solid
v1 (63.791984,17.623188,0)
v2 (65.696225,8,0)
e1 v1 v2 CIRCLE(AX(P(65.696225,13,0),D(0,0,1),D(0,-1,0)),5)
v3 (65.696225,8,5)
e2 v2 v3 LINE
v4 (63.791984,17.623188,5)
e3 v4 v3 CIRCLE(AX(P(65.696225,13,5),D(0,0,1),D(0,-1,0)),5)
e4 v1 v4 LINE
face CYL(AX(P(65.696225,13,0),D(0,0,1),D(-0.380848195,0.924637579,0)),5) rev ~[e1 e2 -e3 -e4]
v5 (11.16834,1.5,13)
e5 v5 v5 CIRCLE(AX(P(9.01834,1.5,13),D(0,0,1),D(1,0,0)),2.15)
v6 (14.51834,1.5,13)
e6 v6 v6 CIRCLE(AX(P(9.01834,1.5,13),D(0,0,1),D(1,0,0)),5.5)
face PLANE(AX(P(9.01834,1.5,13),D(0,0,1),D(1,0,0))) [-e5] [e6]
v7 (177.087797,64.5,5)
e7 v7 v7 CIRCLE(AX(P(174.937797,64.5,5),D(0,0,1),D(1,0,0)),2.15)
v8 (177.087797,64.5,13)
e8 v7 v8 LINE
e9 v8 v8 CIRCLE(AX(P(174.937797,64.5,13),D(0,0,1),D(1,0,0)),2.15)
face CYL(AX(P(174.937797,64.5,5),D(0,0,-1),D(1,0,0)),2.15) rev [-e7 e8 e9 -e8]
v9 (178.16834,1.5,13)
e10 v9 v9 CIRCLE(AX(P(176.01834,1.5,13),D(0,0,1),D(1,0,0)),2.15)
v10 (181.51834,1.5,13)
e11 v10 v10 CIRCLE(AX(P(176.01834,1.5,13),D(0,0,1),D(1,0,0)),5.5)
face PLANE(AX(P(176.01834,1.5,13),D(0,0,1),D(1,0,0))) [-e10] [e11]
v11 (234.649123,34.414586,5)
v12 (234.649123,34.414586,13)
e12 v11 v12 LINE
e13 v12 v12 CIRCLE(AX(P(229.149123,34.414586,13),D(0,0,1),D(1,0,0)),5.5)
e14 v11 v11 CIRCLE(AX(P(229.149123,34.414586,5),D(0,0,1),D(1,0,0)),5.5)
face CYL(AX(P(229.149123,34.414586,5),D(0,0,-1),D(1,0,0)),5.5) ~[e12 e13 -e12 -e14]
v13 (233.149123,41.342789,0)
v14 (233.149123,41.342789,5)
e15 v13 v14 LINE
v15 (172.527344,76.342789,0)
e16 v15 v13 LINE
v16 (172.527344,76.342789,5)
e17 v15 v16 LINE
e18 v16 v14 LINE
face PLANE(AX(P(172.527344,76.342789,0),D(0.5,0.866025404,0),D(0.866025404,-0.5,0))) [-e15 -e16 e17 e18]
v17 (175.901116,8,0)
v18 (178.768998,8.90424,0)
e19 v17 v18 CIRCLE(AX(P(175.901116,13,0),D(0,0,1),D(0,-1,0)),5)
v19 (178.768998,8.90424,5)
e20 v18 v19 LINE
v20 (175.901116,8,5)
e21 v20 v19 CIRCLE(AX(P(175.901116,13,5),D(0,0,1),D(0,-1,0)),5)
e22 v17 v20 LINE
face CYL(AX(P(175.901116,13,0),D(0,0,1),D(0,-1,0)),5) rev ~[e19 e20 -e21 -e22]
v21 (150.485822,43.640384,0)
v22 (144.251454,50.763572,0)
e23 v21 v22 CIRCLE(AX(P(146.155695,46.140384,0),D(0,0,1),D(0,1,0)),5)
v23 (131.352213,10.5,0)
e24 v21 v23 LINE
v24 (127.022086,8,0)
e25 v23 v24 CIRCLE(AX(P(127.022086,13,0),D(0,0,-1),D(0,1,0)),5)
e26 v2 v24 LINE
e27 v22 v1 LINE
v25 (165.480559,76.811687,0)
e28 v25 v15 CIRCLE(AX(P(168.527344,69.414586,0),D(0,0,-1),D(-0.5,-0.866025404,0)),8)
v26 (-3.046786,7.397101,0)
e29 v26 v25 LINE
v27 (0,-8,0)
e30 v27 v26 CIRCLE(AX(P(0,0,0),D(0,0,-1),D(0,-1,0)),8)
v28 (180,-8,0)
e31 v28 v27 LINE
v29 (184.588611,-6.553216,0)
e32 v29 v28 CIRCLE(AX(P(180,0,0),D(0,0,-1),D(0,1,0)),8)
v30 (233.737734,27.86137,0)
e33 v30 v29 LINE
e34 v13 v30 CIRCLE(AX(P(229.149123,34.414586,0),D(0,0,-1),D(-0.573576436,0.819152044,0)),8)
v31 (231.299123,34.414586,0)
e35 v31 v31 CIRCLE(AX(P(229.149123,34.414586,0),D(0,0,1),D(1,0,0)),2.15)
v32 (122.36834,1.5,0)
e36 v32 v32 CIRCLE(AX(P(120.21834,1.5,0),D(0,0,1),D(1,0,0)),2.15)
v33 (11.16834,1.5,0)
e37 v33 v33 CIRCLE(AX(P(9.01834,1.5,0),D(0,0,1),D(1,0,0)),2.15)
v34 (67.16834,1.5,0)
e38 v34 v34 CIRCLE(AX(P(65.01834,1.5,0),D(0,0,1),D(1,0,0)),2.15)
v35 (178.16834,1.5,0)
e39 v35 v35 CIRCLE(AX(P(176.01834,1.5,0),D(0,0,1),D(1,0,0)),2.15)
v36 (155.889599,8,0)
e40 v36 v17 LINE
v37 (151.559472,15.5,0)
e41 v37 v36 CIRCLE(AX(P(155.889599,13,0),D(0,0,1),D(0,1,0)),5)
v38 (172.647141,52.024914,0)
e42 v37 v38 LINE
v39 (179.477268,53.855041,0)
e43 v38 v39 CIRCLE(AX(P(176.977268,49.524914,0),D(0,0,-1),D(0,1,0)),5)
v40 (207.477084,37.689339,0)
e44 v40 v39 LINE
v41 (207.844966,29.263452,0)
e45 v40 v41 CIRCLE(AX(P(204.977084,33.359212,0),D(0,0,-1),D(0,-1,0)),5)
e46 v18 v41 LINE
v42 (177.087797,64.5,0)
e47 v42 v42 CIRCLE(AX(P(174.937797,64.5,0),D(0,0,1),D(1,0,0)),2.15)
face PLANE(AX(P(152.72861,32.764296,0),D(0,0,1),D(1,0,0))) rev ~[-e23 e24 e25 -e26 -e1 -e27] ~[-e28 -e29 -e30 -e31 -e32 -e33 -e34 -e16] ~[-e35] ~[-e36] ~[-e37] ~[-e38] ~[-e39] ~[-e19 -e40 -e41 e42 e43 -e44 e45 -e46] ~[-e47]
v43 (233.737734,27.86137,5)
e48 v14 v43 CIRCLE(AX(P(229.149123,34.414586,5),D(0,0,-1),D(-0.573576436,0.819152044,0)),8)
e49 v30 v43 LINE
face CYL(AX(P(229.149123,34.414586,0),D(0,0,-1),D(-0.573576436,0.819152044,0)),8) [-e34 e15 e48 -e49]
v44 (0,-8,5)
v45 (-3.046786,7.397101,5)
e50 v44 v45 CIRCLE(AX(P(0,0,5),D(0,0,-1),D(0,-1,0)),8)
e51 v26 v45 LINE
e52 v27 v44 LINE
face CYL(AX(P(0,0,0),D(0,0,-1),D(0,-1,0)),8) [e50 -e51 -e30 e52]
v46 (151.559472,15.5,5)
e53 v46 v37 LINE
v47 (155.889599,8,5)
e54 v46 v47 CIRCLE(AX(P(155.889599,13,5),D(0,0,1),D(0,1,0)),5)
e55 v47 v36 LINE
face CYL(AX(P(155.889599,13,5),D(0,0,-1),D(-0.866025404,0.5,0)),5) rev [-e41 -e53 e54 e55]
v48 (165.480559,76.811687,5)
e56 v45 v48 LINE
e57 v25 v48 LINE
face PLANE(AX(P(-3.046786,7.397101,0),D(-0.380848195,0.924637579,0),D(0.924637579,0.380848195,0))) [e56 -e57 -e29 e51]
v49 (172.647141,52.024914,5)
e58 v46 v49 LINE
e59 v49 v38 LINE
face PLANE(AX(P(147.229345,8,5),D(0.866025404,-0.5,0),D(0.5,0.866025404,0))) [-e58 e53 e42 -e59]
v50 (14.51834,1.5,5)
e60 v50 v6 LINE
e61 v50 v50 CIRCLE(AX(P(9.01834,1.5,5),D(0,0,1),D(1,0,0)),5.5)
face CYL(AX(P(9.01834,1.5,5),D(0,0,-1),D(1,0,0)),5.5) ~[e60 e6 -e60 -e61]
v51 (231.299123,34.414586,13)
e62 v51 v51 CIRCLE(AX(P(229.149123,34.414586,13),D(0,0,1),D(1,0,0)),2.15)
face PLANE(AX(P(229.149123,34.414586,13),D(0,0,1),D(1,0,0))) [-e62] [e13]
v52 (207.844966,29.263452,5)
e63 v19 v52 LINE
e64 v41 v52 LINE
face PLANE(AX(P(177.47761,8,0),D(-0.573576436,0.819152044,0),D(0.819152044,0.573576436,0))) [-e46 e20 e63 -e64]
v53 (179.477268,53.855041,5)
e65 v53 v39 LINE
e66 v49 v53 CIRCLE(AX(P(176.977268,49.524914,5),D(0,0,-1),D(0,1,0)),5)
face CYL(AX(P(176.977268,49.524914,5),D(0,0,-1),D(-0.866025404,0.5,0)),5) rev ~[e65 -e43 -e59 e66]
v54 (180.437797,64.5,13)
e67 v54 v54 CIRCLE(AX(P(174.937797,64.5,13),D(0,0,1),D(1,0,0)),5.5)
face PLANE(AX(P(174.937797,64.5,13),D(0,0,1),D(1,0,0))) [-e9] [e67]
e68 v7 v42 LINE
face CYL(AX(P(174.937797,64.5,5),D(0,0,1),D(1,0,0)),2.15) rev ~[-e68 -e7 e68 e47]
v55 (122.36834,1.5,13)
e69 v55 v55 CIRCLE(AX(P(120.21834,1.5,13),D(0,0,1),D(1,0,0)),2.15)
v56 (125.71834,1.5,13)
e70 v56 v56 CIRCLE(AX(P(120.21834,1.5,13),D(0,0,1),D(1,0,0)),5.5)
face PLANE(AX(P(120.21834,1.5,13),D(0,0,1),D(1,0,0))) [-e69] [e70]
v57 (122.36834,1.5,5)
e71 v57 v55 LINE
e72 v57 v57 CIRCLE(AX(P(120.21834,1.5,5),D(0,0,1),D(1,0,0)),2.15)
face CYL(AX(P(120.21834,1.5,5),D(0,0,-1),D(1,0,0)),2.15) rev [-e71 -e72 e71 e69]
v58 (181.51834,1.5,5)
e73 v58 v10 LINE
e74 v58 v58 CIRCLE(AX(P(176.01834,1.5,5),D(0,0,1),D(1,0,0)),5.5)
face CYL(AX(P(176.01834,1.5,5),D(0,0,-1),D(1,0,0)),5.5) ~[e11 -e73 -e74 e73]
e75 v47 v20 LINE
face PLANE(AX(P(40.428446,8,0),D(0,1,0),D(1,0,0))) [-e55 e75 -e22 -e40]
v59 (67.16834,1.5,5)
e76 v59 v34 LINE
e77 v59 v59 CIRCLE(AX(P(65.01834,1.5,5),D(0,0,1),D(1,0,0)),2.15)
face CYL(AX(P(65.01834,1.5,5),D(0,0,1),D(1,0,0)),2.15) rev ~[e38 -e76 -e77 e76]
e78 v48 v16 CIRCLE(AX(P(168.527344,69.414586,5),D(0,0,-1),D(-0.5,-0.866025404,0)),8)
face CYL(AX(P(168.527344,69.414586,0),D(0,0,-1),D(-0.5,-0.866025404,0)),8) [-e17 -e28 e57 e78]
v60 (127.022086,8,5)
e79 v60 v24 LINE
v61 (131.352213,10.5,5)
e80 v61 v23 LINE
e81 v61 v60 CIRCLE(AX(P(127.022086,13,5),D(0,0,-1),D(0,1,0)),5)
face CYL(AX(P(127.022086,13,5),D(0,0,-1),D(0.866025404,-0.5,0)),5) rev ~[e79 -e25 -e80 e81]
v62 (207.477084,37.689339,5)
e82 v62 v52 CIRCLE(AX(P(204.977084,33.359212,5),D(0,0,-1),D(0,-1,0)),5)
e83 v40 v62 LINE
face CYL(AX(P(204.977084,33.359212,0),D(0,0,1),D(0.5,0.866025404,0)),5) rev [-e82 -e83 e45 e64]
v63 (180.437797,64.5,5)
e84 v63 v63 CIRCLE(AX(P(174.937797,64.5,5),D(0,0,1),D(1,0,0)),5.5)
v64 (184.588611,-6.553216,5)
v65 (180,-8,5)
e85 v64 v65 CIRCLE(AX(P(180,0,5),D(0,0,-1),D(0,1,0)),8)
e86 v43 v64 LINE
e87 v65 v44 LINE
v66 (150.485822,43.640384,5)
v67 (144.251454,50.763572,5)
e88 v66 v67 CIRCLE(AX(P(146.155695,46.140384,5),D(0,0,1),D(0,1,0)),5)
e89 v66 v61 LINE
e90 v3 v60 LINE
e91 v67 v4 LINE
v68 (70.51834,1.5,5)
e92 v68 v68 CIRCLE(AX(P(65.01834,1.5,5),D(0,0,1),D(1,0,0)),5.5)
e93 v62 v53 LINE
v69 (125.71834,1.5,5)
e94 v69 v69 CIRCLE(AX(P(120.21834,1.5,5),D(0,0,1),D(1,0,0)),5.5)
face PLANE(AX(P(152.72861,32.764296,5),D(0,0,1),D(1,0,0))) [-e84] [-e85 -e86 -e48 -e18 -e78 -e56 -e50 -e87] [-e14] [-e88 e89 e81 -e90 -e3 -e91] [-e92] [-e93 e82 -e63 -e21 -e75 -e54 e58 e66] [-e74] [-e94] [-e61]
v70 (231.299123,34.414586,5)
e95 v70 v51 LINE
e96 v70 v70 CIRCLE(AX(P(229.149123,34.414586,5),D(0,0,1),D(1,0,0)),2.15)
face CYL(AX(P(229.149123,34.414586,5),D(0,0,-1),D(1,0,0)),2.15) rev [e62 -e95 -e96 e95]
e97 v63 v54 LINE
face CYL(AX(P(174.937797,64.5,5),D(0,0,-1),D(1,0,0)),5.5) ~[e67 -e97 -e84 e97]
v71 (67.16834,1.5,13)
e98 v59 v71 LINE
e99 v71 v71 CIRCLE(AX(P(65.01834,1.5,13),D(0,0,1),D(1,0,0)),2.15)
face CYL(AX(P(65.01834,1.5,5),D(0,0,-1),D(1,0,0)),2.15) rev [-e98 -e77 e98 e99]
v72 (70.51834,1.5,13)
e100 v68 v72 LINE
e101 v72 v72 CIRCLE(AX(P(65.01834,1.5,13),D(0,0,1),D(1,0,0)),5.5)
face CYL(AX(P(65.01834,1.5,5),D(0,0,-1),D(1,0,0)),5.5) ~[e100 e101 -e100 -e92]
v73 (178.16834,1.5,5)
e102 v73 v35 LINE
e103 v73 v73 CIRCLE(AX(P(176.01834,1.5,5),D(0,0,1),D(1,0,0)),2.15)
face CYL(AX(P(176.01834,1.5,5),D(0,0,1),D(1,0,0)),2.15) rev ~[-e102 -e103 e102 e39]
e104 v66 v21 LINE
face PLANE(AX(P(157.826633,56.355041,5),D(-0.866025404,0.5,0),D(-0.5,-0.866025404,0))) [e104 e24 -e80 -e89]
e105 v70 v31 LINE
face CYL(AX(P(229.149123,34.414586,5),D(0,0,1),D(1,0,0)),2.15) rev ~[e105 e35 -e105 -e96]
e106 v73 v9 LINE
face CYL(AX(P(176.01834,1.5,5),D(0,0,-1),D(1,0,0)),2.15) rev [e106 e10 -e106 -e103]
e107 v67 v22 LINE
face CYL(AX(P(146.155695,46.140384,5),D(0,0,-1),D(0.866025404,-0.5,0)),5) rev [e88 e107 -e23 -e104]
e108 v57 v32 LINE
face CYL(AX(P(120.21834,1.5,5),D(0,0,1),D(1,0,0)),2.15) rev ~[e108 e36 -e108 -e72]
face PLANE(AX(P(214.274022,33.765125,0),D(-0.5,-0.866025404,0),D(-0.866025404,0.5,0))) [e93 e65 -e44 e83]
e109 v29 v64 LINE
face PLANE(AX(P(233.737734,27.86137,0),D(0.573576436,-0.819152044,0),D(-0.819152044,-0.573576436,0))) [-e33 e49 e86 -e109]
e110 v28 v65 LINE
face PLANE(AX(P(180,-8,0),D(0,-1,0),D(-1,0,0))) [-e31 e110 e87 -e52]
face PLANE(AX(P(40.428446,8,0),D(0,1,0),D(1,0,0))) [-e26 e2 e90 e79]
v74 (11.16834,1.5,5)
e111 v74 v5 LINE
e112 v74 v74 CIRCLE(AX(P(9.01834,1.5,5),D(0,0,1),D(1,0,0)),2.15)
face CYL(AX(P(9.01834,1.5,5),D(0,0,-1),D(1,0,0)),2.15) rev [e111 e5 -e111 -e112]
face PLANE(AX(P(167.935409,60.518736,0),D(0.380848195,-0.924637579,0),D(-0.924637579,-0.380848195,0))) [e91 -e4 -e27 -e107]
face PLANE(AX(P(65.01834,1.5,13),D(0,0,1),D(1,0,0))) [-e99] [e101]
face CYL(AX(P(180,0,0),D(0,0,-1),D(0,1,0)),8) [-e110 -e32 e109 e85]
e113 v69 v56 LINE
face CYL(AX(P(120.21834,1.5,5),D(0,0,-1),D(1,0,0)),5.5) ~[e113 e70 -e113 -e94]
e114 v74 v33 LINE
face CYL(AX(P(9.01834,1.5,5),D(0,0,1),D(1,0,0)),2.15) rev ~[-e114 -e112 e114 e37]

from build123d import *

# Parameters (mm, degrees)
BOSS_EXTRUDE1_DEPTH = 5
BOSS_EXTRUDE2_DEPTH = 5
FILLET1_R           = 5
SKETCH3_R           = 5.5
SKETCH3_R_2         = 2.15
BOSS_EXTRUDE3_DEPTH = 8
SKETCH4_R           = 2.15
CUT_EXTRUDE1_DEPTH  = 6


with BuildPart() as part:
    # Sketch1 → Boss-Extrude1 (new body)
    with BuildSketch(Plane.XY):
        with BuildLine():
            Line((0, 8), (180, 8))
            ThreePointArc((180, 8), (188, 0), (180, -8))
            Line((180, -8), (0, -8))
            ThreePointArc((0, -8), (-8, 0), (0, 8))
        make_face()
        with BuildLine():
            Line((175.411388509, 6.553216354), (224.560511167, 40.967802535))
            ThreePointArc((224.560511167, 40.967802535), (235.702339012, 39.003197672), (233.737734148, 27.861369827))
            Line((233.737734148, 27.861369827), (184.588611491, -6.553216354))
            ThreePointArc((184.588611491, -6.553216354), (173.446783646, -4.588611491), (175.411388509, 6.553216354))
        make_face()
        with BuildLine():
            Line((225.149122657, 27.486382951), (164.527344392, 62.486382951))
            ThreePointArc((164.527344392, 62.486382951), (161.599141162, 73.414586181), (172.527344392, 76.342789411))
            Line((172.527344392, 76.342789411), (233.149122657, 41.342789411))
            ThreePointArc((233.149122657, 41.342789411), (236.077325888, 30.414586181), (225.149122657, 27.486382951))
        make_face()
        with BuildLine():
            Line((-3.04678556, 7.397100632), (165.480558833, 76.811686813))
            ThreePointArc((165.480558833, 76.811686813), (175.924445024, 72.461371741), (171.574129952, 62.017485549))
            Line((171.574129952, 62.017485549), (3.04678556, -7.397100632))
            ThreePointArc((3.04678556, -7.397100632), (-7.397100632, -3.04678556), (-3.04678556, 7.397100632))
        make_face()
    extrude(amount=BOSS_EXTRUDE1_DEPTH)

    # Sketch2 → Boss-Extrude2 (add)
    with BuildSketch(Plane.XY.offset(5)):
        Polygon((147.229345289, 8), (175.147140962, 56.355040542), (167.935409097, 60.518735876), (157.826632887, 56.355040542), (129.908837213, 8), align=None)
    extrude(amount=-BOSS_EXTRUDE2_DEPTH)

    # Fillet1
    fillet1_edges = [part.edges().sort_by_distance(p)[0] for p in [
        (40.428445864, 8, 2.5),
        (177.477609689, 8, 2.5),
        (214.274021971, 33.765125259, 2.5),
        (157.826632887, 56.355040542, 2.5),
        (129.908837213, 8, 2.5),
        (147.229345289, 8, 2.5),
        (175.147140962, 56.355040542, 2.5),
    ]]
    fillet(fillet1_edges, radius=FILLET1_R)

    # Sketch3 → Boss-Extrude3 (add)
    with BuildSketch(Plane.XY.offset(5)):
        with Locations((174.937796577, 64.5)):
            Circle(SKETCH3_R)
        with Locations((174.937796577, 64.5)):
            Circle(SKETCH3_R_2, mode=Mode.SUBTRACT)
        with Locations((229.149122657, 34.414586181)):
            Circle(SKETCH3_R)
        with Locations((229.149122657, 34.414586181)):
            Circle(SKETCH3_R_2, mode=Mode.SUBTRACT)
        with Locations((176.018340463, 1.5)):
            Circle(SKETCH3_R)
        with Locations((176.018340463, 1.5)):
            Circle(SKETCH3_R_2, mode=Mode.SUBTRACT)
        with Locations((120.218340463, 1.5)):
            Circle(SKETCH3_R)
        with Locations((120.218340463, 1.5)):
            Circle(SKETCH3_R_2, mode=Mode.SUBTRACT)
        with Locations((65.018340463, 1.5)):
            Circle(SKETCH3_R)
        with Locations((65.018340463, 1.5)):
            Circle(SKETCH3_R_2, mode=Mode.SUBTRACT)
        with Locations((9.018340463, 1.5)):
            Circle(SKETCH3_R)
        with Locations((9.018340463, 1.5)):
            Circle(SKETCH3_R_2, mode=Mode.SUBTRACT)
    extrude(amount=BOSS_EXTRUDE3_DEPTH)

    # Sketch4 → Cut-Extrude1 (cut, through all)
    with BuildSketch(Plane.XY.offset(5)):
        with Locations((9.018340463, 1.5)):
            Circle(SKETCH4_R)
        with Locations((65.018340463, 1.5)):
            Circle(SKETCH4_R)
        with Locations((120.218340463, 1.5)):
            Circle(SKETCH4_R)
        with Locations((176.018340463, 1.5)):
            Circle(SKETCH4_R)
        with Locations((229.149122657, 34.414586181)):
            Circle(SKETCH4_R)
        with Locations((174.937796577, 64.5)):
            Circle(SKETCH4_R)
    extrude(amount=-CUT_EXTRUDE1_DEPTH, mode=Mode.SUBTRACT)


solid = part.part
